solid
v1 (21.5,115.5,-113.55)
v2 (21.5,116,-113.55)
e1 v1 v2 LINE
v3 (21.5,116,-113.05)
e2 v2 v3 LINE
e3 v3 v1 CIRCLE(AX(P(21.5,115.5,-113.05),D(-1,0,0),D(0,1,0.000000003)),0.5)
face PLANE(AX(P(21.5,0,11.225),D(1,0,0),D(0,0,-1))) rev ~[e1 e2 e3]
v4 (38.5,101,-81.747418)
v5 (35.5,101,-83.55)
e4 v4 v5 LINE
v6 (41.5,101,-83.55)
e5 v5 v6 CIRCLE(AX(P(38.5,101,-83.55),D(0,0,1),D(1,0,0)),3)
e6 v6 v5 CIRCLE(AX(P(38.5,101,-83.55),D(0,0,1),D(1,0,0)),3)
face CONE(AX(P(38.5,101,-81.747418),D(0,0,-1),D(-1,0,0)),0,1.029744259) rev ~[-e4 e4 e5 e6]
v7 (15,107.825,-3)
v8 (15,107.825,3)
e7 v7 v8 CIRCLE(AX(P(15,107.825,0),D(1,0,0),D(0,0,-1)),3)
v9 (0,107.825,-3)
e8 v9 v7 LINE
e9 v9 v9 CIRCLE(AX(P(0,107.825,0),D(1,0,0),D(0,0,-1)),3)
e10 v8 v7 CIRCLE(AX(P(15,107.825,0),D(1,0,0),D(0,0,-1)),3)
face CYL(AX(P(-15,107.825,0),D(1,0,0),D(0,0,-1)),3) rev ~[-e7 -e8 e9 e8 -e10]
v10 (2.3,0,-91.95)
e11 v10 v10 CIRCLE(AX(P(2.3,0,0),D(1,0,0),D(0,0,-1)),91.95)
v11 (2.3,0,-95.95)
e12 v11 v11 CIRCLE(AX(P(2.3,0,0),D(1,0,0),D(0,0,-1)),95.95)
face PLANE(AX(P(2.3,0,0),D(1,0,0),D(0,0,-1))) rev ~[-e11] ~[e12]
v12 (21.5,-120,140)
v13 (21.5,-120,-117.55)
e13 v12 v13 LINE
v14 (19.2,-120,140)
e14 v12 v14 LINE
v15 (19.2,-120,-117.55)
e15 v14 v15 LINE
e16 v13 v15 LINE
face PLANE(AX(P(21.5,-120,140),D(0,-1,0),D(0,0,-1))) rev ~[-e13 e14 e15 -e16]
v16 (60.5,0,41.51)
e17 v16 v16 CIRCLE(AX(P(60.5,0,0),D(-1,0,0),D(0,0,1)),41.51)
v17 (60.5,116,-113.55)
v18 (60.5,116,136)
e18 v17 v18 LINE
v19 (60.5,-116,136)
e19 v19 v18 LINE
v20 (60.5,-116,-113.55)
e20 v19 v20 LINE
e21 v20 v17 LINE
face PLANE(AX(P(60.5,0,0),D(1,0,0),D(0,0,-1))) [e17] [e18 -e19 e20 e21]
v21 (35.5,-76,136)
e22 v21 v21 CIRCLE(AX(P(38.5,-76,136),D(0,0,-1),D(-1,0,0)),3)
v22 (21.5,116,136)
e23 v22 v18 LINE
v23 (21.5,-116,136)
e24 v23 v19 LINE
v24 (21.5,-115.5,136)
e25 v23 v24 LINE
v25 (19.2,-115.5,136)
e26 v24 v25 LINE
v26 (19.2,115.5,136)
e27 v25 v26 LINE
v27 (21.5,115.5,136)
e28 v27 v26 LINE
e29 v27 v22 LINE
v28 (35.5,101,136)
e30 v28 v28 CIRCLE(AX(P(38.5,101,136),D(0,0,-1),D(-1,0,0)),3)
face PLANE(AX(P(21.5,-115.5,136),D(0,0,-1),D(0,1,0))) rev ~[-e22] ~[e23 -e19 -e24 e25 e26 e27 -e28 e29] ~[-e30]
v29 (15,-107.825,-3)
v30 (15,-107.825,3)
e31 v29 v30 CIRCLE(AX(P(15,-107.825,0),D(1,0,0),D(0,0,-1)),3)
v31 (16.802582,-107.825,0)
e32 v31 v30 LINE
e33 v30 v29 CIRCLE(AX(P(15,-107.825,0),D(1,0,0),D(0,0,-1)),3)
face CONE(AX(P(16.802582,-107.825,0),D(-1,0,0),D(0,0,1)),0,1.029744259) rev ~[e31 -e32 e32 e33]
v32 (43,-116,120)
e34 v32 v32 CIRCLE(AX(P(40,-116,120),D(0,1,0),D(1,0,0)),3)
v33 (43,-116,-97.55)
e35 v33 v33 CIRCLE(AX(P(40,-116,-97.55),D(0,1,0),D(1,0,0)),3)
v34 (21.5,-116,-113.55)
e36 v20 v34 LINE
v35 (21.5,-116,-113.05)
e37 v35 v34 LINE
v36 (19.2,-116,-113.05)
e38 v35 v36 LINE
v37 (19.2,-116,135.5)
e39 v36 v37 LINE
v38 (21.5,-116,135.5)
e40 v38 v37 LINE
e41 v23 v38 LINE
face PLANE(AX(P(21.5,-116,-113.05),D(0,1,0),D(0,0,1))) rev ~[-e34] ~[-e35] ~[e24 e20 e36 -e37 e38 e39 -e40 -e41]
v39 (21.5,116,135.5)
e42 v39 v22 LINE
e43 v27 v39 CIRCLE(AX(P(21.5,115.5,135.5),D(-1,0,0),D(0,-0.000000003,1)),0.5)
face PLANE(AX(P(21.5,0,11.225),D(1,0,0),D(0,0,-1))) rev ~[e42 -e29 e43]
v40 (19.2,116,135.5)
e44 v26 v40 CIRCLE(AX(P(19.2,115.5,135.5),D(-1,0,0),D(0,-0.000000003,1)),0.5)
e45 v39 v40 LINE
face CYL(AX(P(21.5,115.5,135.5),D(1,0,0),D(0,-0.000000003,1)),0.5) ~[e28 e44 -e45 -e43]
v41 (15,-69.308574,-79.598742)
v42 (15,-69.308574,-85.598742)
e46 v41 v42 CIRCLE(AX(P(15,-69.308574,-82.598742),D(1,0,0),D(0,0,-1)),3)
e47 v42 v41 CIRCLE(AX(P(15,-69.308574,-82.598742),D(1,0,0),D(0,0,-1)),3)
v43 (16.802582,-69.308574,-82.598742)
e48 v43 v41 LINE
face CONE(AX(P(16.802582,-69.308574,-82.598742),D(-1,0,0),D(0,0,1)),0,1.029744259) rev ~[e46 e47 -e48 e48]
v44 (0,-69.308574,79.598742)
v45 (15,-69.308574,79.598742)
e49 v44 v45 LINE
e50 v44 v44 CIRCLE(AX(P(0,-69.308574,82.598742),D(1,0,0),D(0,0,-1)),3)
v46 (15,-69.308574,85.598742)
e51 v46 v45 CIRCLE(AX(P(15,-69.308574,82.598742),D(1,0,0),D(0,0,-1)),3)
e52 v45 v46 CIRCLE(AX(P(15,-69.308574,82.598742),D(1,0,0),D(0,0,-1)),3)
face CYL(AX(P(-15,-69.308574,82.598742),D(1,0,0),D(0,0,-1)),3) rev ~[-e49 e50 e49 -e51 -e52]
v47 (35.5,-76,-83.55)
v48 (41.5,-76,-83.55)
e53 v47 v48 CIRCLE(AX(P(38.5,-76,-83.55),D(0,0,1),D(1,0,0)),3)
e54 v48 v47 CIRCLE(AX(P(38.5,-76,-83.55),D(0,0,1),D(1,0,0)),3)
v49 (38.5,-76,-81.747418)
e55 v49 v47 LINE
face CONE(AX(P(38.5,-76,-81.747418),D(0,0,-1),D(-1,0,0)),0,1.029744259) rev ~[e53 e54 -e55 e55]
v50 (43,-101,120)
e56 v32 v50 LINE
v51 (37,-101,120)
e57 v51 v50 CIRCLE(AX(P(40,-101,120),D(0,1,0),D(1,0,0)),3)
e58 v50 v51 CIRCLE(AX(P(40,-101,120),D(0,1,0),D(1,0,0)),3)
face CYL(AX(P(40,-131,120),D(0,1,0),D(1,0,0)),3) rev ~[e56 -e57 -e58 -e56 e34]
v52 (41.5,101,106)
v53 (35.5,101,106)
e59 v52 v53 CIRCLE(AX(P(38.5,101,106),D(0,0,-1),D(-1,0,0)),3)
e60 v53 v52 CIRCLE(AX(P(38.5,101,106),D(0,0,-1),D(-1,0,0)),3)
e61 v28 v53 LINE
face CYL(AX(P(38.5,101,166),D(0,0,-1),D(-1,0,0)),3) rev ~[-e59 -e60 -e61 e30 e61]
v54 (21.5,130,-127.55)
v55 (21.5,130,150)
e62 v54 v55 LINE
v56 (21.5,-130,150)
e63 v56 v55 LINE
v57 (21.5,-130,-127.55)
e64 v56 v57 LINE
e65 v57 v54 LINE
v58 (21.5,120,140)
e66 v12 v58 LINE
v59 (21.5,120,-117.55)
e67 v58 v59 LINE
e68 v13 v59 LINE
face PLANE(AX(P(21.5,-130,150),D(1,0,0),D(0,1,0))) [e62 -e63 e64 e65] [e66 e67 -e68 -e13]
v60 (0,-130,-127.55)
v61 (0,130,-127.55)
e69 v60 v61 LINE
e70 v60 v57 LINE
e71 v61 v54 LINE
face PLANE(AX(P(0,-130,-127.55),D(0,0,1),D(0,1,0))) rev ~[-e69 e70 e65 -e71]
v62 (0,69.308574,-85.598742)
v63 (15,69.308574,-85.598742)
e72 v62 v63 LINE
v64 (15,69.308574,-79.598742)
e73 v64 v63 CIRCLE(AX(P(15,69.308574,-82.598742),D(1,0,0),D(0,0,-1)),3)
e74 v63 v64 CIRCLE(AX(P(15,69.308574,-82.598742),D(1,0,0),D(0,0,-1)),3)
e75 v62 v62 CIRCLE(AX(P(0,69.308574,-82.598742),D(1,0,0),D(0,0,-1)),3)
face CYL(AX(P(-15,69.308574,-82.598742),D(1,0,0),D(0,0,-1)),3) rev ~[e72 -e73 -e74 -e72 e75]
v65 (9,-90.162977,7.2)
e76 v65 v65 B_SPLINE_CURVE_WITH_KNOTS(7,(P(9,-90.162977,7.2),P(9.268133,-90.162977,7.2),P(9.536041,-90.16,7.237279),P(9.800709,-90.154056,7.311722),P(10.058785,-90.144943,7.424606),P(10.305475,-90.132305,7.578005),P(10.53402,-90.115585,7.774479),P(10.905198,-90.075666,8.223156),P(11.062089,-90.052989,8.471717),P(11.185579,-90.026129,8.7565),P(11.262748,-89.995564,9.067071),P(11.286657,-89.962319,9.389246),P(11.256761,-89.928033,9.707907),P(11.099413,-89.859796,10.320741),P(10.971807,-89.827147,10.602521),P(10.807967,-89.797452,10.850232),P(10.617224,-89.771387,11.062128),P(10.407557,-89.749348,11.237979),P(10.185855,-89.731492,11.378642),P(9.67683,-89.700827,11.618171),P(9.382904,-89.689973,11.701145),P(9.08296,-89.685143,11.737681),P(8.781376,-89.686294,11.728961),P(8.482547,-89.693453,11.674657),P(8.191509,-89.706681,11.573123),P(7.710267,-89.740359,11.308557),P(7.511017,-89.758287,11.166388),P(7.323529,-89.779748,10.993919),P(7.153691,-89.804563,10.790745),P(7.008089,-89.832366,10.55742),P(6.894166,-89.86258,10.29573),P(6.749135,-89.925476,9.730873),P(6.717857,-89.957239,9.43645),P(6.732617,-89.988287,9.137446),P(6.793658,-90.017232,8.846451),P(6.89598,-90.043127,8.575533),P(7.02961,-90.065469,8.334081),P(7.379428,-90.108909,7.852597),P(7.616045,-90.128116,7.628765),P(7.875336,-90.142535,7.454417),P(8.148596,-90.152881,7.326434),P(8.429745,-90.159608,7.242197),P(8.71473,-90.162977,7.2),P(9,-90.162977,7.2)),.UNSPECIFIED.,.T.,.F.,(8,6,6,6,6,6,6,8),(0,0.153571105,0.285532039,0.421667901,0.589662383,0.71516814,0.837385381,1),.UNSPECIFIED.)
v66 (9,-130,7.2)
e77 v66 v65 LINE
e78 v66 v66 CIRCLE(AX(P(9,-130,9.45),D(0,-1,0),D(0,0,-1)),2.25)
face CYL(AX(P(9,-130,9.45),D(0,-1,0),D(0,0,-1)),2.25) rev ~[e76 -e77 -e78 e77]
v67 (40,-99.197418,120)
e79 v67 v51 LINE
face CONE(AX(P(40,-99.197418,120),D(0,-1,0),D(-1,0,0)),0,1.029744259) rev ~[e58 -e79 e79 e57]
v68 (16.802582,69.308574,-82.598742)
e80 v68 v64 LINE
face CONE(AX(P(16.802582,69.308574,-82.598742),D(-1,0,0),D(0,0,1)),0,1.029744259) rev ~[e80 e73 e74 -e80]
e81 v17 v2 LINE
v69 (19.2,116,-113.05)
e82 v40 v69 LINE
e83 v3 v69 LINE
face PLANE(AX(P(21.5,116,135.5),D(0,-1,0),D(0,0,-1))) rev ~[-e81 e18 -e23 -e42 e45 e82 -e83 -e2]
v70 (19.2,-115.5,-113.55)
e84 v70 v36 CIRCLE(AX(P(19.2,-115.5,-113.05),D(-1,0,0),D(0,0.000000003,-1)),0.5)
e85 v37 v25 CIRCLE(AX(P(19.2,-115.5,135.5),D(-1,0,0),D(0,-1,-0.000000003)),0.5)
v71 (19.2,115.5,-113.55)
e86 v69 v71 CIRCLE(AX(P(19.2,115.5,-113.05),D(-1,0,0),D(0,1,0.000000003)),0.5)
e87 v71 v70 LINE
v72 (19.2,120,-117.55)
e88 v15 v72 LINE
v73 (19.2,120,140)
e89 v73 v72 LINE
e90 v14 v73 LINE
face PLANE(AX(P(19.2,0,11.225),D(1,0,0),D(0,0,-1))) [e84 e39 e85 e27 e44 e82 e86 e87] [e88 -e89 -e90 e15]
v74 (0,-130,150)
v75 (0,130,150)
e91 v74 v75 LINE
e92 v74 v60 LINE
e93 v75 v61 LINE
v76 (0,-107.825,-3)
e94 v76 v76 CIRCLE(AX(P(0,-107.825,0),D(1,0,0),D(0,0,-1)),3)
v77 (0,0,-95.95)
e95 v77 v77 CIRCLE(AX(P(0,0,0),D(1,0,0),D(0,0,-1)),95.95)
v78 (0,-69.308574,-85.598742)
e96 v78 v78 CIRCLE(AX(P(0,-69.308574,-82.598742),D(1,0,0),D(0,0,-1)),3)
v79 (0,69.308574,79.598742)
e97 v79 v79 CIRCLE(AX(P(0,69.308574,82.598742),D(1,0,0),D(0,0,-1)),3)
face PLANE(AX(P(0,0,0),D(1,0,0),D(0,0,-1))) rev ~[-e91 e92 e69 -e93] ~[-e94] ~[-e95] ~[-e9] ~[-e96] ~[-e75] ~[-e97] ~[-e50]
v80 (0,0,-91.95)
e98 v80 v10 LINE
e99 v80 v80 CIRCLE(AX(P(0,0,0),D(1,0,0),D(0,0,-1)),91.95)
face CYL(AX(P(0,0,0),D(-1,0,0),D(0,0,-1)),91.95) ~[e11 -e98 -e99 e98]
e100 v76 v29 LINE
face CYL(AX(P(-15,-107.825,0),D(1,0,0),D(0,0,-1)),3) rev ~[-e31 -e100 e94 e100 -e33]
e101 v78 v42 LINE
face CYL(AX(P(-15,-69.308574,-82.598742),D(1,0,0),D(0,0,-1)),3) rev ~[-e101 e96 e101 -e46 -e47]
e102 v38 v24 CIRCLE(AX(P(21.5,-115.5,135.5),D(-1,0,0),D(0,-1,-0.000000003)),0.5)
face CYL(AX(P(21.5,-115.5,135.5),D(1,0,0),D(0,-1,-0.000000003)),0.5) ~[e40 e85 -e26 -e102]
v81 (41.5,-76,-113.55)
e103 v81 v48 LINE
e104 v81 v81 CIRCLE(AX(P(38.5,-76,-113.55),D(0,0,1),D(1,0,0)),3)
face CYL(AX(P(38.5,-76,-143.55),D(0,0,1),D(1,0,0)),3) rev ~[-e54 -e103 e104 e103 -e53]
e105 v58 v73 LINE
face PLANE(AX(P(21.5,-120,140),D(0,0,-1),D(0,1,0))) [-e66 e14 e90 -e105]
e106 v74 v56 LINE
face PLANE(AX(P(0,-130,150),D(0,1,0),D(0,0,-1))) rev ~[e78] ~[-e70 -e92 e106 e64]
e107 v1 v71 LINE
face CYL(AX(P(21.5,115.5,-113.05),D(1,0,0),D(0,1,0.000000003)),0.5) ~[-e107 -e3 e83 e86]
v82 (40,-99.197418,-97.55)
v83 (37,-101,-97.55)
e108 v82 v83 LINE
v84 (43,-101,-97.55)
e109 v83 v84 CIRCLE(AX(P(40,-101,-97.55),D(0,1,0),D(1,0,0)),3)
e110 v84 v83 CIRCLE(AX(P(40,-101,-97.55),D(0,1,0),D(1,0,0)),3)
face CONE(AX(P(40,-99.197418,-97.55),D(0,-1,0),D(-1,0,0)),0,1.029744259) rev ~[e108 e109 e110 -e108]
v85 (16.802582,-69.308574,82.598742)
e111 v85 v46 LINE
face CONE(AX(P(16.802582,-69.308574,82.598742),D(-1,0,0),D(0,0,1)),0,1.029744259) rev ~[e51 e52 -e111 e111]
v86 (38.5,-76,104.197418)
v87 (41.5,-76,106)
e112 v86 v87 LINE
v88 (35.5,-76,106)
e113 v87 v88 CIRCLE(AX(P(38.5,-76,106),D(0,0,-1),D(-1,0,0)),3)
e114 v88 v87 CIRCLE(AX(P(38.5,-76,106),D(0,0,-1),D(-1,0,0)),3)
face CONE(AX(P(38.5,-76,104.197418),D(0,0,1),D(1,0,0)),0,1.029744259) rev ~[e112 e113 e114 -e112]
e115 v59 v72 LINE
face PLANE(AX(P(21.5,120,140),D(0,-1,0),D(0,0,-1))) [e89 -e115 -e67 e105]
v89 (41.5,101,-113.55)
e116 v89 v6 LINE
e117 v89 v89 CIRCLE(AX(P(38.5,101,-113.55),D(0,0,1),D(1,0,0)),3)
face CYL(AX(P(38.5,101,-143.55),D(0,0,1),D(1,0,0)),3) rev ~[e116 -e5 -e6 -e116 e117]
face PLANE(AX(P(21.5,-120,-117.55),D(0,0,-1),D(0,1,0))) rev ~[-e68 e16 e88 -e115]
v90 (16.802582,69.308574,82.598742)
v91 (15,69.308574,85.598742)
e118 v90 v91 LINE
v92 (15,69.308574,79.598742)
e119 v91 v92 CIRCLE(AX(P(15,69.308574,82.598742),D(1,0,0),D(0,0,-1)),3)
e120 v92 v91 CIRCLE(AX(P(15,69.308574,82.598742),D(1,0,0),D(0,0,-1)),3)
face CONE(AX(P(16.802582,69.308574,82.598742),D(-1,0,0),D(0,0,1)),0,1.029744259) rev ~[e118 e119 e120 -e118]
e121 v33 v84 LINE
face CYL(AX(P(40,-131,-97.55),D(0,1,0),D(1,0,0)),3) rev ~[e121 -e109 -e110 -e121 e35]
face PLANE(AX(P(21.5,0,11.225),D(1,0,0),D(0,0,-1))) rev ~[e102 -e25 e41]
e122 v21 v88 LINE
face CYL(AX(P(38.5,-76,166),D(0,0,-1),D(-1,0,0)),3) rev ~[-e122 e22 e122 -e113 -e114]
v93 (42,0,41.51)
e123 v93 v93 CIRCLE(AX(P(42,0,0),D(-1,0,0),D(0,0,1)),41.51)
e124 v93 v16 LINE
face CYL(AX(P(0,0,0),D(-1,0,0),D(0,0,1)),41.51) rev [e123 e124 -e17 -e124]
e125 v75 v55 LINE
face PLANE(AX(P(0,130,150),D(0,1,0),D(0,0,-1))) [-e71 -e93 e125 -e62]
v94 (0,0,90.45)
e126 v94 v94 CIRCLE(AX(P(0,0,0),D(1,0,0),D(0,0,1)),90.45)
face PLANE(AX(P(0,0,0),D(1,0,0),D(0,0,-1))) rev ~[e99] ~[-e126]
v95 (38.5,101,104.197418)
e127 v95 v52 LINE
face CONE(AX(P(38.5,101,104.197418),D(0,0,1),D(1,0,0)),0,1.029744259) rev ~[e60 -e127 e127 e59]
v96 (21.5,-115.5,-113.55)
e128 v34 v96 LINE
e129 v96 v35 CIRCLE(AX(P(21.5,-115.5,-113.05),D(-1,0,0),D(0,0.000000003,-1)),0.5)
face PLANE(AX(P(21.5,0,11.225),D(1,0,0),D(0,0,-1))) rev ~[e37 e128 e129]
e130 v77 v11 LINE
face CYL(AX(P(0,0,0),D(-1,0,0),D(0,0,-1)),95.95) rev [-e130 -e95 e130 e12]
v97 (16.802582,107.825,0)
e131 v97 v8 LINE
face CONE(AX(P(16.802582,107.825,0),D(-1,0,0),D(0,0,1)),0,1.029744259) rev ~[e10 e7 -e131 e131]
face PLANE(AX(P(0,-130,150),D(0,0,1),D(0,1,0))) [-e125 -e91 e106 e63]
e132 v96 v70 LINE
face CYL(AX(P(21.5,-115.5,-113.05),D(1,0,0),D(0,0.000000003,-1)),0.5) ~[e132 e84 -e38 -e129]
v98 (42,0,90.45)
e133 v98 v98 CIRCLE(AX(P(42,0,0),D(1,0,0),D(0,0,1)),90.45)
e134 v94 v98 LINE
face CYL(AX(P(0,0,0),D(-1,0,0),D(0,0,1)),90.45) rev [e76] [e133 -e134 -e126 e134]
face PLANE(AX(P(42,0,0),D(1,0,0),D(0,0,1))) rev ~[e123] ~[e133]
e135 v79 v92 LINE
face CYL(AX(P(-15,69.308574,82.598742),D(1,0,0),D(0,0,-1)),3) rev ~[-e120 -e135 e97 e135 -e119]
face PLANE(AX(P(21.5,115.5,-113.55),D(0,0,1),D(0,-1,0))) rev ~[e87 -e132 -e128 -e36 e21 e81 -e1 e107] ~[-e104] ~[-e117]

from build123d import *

# Parameters (mm, degrees)
SKETCH1_W                 = 300
SKETCH1_H                 = 260
BOSS_EXTRUDE1_DEPTH       = 60.5
SKETCH2_R                 = 90.45
CUT_EXTRUDE1_DEPTH        = 42
SKETCH9_R                 = 41.51
CUT_EXTRUDE9_DEPTH        = 306
SKETCH12_W                = 39
SKETCH12_H                = 260
CUT_EXTRUDE12_DEPTH       = 14
SKETCH13_W                = 39
SKETCH13_H                = 260
CUT_EXTRUDE13_DEPTH       = 36.45
SKETCH14_W                = 39
SKETCH14_H                = 14
CUT_EXTRUDE14_DEPTH       = 333.506014983
SKETCH15_W                = 22.45
SKETCH15_H                = 260
CUT_EXTRUDE15_DEPTH       = 208.50963833
F_6_0MM_DOWEL_HOLE1_D     = 6
F_6_0MM_DOWEL_HOLE1_DEPTH = 30
F_6_0MM_DOWEL_HOLE1_TIP   = 1.802581857
F_6_0MM_DOWEL_HOLE2_D     = 6
F_6_0MM_DOWEL_HOLE2_DEPTH = 30
F_6_0MM_DOWEL_HOLE2_TIP   = 1.802581857
F_6_0MM_DOWEL_HOLE3_D     = 6
F_6_0MM_DOWEL_HOLE3_DEPTH = 15
F_6_0MM_DOWEL_HOLE3_TIP   = 1.802581857
SKETCH25_W                = 39
SKETCH25_H                = 14
CUT_EXTRUDE16_DEPTH       = 333.506014983
SKETCH26_W                = 257.55
SKETCH26_H                = 240
CUT_EXTRUDE18_DEPTH       = 2.3
F_6_0MM_DOWEL_HOLE4_D     = 6
F_6_0MM_DOWEL_HOLE4_DEPTH = 15
F_6_0MM_DOWEL_HOLE4_TIP   = 1.802581857
SKETCH32_R                = 2.25
CUT_EXTRUDE19_DEPTH       = 57
SKETCH33_R                = 95.95
SKETCH33_R_2              = 91.95
CUT_EXTRUDE21_DEPTH       = 2.3


with BuildPart() as part:
    # Sketch1 → Boss-Extrude1 (new body)
    with BuildSketch(Plane(origin=(0, 0, 0), x_dir=(0, 0, -1), z_dir=(1, 0, 0))):
        Rectangle(SKETCH1_W, SKETCH1_H)
    extrude(amount=BOSS_EXTRUDE1_DEPTH)

    # Sketch2 → Cut-Extrude1 (cut)
    with BuildSketch(Plane(origin=(0, 0, 0), x_dir=(0, 0, -1), z_dir=(1, 0, 0))):
        with Locations(Location((0, 0, 0), (0, 0, 180))):
            Circle(SKETCH2_R)
    extrude(amount=CUT_EXTRUDE1_DEPTH, mode=Mode.SUBTRACT)

    # Sketch9 → Cut-Extrude9 (cut)
    with BuildSketch(Plane(origin=(0, 0, 0), x_dir=(0, 0, -1), z_dir=(1, 0, 0))):
        with Locations(Location((0, 0, 0), (0, 0, 180))):
            Circle(SKETCH9_R)
    extrude(amount=CUT_EXTRUDE9_DEPTH, mode=Mode.SUBTRACT)

    # Sketch12 → Cut-Extrude12 (cut)
    with BuildSketch(Plane.XY.offset(150)):
        with Locations((41, 0)):
            Rectangle(SKETCH12_W, SKETCH12_H)
    extrude(amount=-CUT_EXTRUDE12_DEPTH, mode=Mode.SUBTRACT)

    # Sketch13 → Cut-Extrude13 (cut)
    with BuildSketch(Plane(origin=(0, 0, -150), x_dir=(-1, 0, 0), z_dir=(0, 0, -1))):
        with Locations((-41, 0)):
            Rectangle(SKETCH13_W, SKETCH13_H)
    extrude(amount=-CUT_EXTRUDE13_DEPTH, mode=Mode.SUBTRACT)

    # Sketch14 → Cut-Extrude14 (cut, through all)
    with BuildSketch(Plane.XY.offset(150)):
        with Locations((41, -123)):
            Rectangle(SKETCH14_W, SKETCH14_H)
    extrude(amount=-CUT_EXTRUDE14_DEPTH, mode=Mode.SUBTRACT)

    # Sketch15 → Cut-Extrude15 (cut, through all)
    with BuildSketch(Plane(origin=(0, 0, 0), x_dir=(0, 0, -1), z_dir=(1, 0, 0))):
        with Locations((138.775, 0)):
            Rectangle(SKETCH15_W, SKETCH15_H)
    extrude(amount=CUT_EXTRUDE15_DEPTH, mode=Mode.SUBTRACT)

    # Ø6.0mm Dowel Hole1
    with Locations(Plane.XY.offset(136)):
        with Locations((38.5, 101), (38.5, -76)):
            Hole(F_6_0MM_DOWEL_HOLE1_D / 2, depth=F_6_0MM_DOWEL_HOLE1_DEPTH)
            with Locations((0, 0, -(F_6_0MM_DOWEL_HOLE1_DEPTH + F_6_0MM_DOWEL_HOLE1_TIP / 2))):  # 118° drill point
                Cone(0, F_6_0MM_DOWEL_HOLE1_D / 2, F_6_0MM_DOWEL_HOLE1_TIP, mode=Mode.SUBTRACT)

    # Ø6.0mm Dowel Hole2
    with Locations(Plane(origin=(0, 0, -113.55), x_dir=(-1, 0, 0), z_dir=(0, 0, -1))):
        with Locations((-38.5, 101), (-38.5, -76)):
            Hole(F_6_0MM_DOWEL_HOLE2_D / 2, depth=F_6_0MM_DOWEL_HOLE2_DEPTH)
            with Locations((0, 0, -(F_6_0MM_DOWEL_HOLE2_DEPTH + F_6_0MM_DOWEL_HOLE2_TIP / 2))):  # 118° drill point
                Cone(0, F_6_0MM_DOWEL_HOLE2_D / 2, F_6_0MM_DOWEL_HOLE2_TIP, mode=Mode.SUBTRACT)

    # Ø6.0mm Dowel Hole3
    with Locations(Plane(origin=(0, -116, 0), x_dir=(-1, 0, 0), z_dir=(0, -1, 0))):
        with Locations((-40, -120), (-40, 97.55)):
            Hole(F_6_0MM_DOWEL_HOLE3_D / 2, depth=F_6_0MM_DOWEL_HOLE3_DEPTH)
            with Locations((0, 0, -(F_6_0MM_DOWEL_HOLE3_DEPTH + F_6_0MM_DOWEL_HOLE3_TIP / 2))):  # 118° drill point
                Cone(0, F_6_0MM_DOWEL_HOLE3_D / 2, F_6_0MM_DOWEL_HOLE3_TIP, mode=Mode.SUBTRACT)

    # Sketch25 → Cut-Extrude16 (cut, through all)
    with BuildSketch(Plane(origin=(0, 0, -150), x_dir=(-1, 0, 0), z_dir=(0, 0, -1))):
        with Locations((-41, 123)):
            Rectangle(SKETCH25_W, SKETCH25_H)
    extrude(amount=-CUT_EXTRUDE16_DEPTH, mode=Mode.SUBTRACT)

    # Sketch26 → Cut-Extrude18 (cut)
    with BuildSketch(Plane(origin=(21.5, 0, 0), x_dir=(0, 0, -1), z_dir=(1, 0, 0))):
        with Locations((-11.225, 0)):
            Rectangle(SKETCH26_W, SKETCH26_H)
        with BuildLine():
            Line((-135.5, 116), (113.05, 116))
            ThreePointArc((113.05, 116), (113.403553391, 115.853553391), (113.55, 115.5))
            Line((113.55, 115.5), (113.55, -115.5))
            ThreePointArc((113.55, -115.5), (113.403553391, -115.853553391), (113.05, -116))
            Line((113.05, -116), (-135.5, -116))
            ThreePointArc((-135.5, -116), (-135.853553391, -115.853553391), (-136, -115.5))
            Line((-136, -115.5), (-136, 115.5))
            ThreePointArc((-136, 115.5), (-135.853553391, 115.853553391), (-135.5, 116))
        make_face(mode=Mode.SUBTRACT)
    extrude(amount=-CUT_EXTRUDE18_DEPTH, mode=Mode.SUBTRACT)

    # Ø6.0mm Dowel Hole4
    with Locations(Plane.ZY):
        with Locations((0, 107.825), (82.598742079, 69.308574014), (82.598742079, -69.308574014), (0, -107.825), (-82.598742079, -69.308574014), (-82.598742079, 69.308574014)):
            Hole(F_6_0MM_DOWEL_HOLE4_D / 2, depth=F_6_0MM_DOWEL_HOLE4_DEPTH)
            with Locations((0, 0, -(F_6_0MM_DOWEL_HOLE4_DEPTH + F_6_0MM_DOWEL_HOLE4_TIP / 2))):  # 118° drill point
                Cone(0, F_6_0MM_DOWEL_HOLE4_D / 2, F_6_0MM_DOWEL_HOLE4_TIP, mode=Mode.SUBTRACT)

    # Sketch32 → Cut-Extrude19 (cut)
    with BuildSketch(Plane(origin=(0, -130, 0), x_dir=(-1, 0, 0), z_dir=(0, -1, 0))):
        with Locations(Location((-9, -9.45, 0), (0, 0, 90))):
            Circle(SKETCH32_R)
    extrude(amount=-CUT_EXTRUDE19_DEPTH, mode=Mode.SUBTRACT)

    # Sketch33 → Cut-Extrude21 (cut)
    with BuildSketch(Plane(origin=(0, 0, 0), x_dir=(0, 0, -1), z_dir=(1, 0, 0))):
        Circle(SKETCH33_R)
        Circle(SKETCH33_R_2, mode=Mode.SUBTRACT)
    extrude(amount=CUT_EXTRUDE21_DEPTH, mode=Mode.SUBTRACT)


solid = part.part
